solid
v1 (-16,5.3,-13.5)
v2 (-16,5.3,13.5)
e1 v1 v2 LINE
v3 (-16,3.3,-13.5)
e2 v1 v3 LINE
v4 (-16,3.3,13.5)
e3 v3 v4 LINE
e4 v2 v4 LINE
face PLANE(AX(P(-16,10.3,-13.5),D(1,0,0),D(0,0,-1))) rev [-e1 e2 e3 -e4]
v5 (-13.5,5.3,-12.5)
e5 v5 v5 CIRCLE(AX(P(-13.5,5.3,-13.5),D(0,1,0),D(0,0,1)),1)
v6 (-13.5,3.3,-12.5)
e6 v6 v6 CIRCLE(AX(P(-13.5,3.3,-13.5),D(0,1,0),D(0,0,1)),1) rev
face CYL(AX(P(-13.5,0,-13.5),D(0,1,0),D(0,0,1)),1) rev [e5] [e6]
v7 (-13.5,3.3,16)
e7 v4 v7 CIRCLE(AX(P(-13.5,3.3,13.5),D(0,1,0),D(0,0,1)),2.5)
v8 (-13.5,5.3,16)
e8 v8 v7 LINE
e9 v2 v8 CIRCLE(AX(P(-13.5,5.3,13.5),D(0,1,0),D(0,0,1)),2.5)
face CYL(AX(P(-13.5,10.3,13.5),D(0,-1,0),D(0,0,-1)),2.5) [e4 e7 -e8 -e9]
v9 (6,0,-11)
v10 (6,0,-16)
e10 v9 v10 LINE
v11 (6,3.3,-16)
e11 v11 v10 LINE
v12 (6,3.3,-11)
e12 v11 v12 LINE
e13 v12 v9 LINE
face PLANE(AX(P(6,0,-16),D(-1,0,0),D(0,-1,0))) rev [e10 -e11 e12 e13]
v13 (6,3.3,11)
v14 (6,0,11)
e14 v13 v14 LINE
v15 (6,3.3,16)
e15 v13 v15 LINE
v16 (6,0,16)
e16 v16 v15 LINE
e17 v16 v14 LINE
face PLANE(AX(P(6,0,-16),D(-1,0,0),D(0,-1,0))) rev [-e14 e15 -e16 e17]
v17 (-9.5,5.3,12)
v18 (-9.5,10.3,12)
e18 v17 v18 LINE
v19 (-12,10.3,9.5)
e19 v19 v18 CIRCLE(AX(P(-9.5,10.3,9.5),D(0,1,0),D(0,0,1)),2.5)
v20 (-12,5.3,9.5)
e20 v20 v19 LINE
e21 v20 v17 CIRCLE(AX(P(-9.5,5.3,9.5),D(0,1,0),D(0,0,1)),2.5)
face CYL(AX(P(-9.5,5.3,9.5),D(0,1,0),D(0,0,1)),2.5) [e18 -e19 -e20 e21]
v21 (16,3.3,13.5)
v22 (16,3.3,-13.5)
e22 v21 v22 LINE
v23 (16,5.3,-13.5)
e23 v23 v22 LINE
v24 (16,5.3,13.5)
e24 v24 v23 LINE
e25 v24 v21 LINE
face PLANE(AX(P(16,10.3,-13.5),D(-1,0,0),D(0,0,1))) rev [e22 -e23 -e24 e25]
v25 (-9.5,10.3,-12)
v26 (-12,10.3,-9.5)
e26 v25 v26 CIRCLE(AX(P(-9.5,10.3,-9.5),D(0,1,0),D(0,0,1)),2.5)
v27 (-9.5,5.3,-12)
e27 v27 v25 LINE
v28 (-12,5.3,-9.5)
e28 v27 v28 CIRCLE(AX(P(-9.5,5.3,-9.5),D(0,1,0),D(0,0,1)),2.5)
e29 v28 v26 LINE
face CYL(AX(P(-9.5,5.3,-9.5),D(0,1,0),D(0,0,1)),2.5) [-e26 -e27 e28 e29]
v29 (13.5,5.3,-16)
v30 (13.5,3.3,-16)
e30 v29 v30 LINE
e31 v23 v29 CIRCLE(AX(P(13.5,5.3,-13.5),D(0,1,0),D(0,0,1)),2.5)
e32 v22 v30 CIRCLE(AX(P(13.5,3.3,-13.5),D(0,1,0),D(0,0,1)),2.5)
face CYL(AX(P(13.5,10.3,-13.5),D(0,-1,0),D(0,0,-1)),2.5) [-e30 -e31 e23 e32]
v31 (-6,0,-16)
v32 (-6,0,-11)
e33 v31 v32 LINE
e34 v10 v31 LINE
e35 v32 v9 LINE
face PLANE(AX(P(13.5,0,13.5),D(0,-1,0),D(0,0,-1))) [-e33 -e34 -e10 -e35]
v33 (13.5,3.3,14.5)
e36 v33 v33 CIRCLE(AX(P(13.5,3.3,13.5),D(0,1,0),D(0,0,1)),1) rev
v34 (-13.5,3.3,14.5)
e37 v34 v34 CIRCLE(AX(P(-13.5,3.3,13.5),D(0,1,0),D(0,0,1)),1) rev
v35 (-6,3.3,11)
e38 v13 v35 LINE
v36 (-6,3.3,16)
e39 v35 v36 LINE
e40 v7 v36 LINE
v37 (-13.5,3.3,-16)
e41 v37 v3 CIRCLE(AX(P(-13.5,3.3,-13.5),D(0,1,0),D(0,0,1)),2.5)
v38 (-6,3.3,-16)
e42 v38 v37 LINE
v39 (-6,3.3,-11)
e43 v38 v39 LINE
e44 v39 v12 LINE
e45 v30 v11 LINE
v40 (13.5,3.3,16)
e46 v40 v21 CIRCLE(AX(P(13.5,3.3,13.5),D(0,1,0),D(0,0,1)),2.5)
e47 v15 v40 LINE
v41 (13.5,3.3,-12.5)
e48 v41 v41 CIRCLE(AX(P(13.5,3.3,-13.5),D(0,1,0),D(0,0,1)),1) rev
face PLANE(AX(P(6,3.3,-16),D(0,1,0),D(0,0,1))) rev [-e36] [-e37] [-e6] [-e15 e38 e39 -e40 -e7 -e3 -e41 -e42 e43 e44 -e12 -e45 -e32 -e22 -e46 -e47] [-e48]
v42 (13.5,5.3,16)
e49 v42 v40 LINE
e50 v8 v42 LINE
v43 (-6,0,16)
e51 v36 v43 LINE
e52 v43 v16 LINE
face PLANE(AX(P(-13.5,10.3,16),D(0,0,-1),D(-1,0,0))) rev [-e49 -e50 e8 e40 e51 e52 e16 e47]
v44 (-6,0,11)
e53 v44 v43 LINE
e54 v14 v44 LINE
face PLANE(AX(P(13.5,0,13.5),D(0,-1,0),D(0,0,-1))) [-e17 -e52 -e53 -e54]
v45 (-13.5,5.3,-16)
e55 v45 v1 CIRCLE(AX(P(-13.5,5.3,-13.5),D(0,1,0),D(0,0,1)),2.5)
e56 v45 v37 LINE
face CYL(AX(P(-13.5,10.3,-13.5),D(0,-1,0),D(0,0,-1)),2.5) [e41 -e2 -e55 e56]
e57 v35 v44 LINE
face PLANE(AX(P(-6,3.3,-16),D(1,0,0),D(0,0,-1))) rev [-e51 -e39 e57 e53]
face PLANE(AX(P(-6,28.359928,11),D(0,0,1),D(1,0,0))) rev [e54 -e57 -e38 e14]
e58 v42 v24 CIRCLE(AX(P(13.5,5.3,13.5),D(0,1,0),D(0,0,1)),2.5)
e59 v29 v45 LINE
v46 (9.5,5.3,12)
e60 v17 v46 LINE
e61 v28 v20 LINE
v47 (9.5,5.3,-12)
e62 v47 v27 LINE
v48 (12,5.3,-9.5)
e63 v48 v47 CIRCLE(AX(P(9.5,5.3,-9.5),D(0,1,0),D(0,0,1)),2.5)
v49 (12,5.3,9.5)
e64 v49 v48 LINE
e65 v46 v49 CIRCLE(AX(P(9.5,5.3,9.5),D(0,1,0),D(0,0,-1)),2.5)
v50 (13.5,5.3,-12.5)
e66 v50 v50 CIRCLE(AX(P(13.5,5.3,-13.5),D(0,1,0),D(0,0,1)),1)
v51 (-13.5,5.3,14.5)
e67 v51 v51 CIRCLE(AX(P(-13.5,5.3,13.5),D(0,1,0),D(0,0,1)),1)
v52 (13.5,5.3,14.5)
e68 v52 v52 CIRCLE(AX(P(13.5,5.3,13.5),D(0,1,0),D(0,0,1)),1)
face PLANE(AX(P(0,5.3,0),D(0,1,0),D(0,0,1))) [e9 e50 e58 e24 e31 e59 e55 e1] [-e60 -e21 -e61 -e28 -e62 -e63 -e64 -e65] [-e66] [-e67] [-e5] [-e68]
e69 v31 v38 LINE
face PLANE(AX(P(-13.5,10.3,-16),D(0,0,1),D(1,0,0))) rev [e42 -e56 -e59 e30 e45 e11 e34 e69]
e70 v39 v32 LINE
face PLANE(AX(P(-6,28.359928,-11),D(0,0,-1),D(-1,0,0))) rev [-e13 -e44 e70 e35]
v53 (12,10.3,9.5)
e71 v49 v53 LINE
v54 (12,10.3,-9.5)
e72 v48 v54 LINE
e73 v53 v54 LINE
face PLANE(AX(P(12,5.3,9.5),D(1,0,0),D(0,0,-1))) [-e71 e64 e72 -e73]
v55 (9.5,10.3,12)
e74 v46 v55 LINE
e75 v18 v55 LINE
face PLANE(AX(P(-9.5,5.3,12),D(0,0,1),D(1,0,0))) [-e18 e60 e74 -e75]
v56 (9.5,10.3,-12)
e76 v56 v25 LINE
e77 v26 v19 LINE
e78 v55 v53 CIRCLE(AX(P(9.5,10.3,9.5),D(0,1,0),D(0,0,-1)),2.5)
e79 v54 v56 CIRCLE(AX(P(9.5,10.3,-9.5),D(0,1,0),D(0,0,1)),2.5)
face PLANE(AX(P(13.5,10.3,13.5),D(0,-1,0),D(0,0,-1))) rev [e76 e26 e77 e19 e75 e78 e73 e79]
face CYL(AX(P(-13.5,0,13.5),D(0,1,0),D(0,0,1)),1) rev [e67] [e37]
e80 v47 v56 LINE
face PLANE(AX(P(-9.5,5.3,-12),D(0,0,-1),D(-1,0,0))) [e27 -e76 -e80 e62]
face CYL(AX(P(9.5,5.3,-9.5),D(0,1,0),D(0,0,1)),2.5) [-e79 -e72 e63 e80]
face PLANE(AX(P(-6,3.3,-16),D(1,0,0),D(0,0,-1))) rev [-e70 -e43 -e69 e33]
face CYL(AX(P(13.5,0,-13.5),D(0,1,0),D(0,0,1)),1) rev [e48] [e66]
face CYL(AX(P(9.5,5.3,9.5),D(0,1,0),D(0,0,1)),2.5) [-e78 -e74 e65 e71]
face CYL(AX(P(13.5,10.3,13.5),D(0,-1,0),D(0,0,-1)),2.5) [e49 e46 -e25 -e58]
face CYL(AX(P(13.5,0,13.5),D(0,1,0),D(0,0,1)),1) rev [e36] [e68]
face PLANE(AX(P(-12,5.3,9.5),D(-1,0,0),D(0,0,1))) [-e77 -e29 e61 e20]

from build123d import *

# Parameters (mm, degrees)
BOSS_EXTRUDE1_DEPTH     = 10.3
SKETCH2_OUTSIDE_W       = 43.282
SKETCH2_OUTSIDE_H       = 43.282
CUT_EXTRUDE1_DEPTH      = 5
CUT_EXTRUDE2_DEPTH      = 24.239836488
CUT_EXTRUDE2_DEPTH_BACK = 24.239836488
SKETCH4_R               = 1
CUT_EXTRUDE3_DEPTH      = 38.230229653
CUT_EXTRUDE3_DEPTH_BACK = 38.230229653
SKETCH6_W               = 12
SKETCH6_H               = 22
CUT_EXTRUDE4_DEPTH      = 3.3


with BuildPart() as part:
    # Sketch1 → Boss-Extrude1 (new body)
    with BuildSketch(Plane(origin=(0, 0, 0), x_dir=(1, 0, 0), z_dir=(0, 1, 0))):
        with BuildLine():
            Line((-13.5, 16), (13.5, 16))
            ThreePointArc((13.5, 16), (15.267766953, 15.267766953), (16, 13.5))
            Line((16, 13.5), (16, -13.5))
            ThreePointArc((16, -13.5), (15.267766953, -15.267766953), (13.5, -16))
            Line((13.5, -16), (-13.5, -16))
            ThreePointArc((-13.5, -16), (-15.267766953, -15.267766953), (-16, -13.5))
            Line((-16, -13.5), (-16, 13.5))
            ThreePointArc((-16, 13.5), (-15.267766953, 15.267766953), (-13.5, 16))
        make_face()
    extrude(amount=BOSS_EXTRUDE1_DEPTH)

    # Sketch2 outside → Cut-Extrude1 (cut)
    with BuildSketch(Plane(origin=(0, 10.3, 0), x_dir=(1, 0, 0), z_dir=(0, 1, 0))):
        Rectangle(SKETCH2_OUTSIDE_W, SKETCH2_OUTSIDE_H)
        with BuildLine():
            Line((-9.5, -12), (9.5, -12))
            ThreePointArc((9.5, -12), (11.267766953, -11.267766953), (12, -9.5))
            Line((12, -9.5), (12, 9.5))
            ThreePointArc((12, 9.5), (11.267766953, 11.267766953), (9.5, 12))
            Line((9.5, 12), (-9.5, 12))
            ThreePointArc((-9.5, 12), (-11.267766953, 11.267766953), (-12, 9.5))
            Line((-12, 9.5), (-12, -9.5))
            ThreePointArc((-12, -9.5), (-11.267766953, -11.267766953), (-9.5, -12))
        make_face(mode=Mode.SUBTRACT)
    extrude(amount=-CUT_EXTRUDE1_DEPTH, mode=Mode.SUBTRACT)

    # Sketch4 → Cut-Extrude2 (cut, two sides: drawn at the far end of the back side and taken through both)
    with BuildSketch(Plane(origin=(0, 5.3, 0), x_dir=(1, 0, 0), z_dir=(0, 1, 0)).offset(-CUT_EXTRUDE2_DEPTH_BACK)):
        with Locations(Location((-13.5, 13.5, 0), (0, 0, 270))):
            Circle(SKETCH4_R)
        with Locations(Location((13.5, -13.5, 0), (0, 0, 270))):
            Circle(SKETCH4_R)
        with Locations(Location((-13.5, -13.5, 0), (0, 0, 270))):
            Circle(SKETCH4_R)
        with Locations(Location((13.5, 13.5, 0), (0, 0, 270))):
            Circle(SKETCH4_R)
    extrude(amount=CUT_EXTRUDE2_DEPTH + CUT_EXTRUDE2_DEPTH_BACK, mode=Mode.SUBTRACT)

    # Sketch5 → Cut-Extrude3 (cut, two sides: drawn at the far end of the back side and taken through both)
    with BuildSketch(Plane.XY.offset(16).offset(-CUT_EXTRUDE3_DEPTH_BACK)):
        Polygon((-17.244345891, 3.3), (-17.244345891, -0.614628683), (-6, -0.614628683), (-6, 0), (-6, 0.3), (-6, 3.3), align=None)
        Polygon((6, 3.3), (6, 0.3), (6, 0), (6, -0.614628683), (18.655939846, -0.614628683), (18.655939846, 3.3), align=None)
    extrude(amount=CUT_EXTRUDE3_DEPTH + CUT_EXTRUDE3_DEPTH_BACK, mode=Mode.SUBTRACT)

    # Sketch6 → Cut-Extrude4 (cut)
    with BuildSketch(Plane.XZ):
        Rectangle(SKETCH6_W, SKETCH6_H)
    extrude(amount=-CUT_EXTRUDE4_DEPTH, mode=Mode.SUBTRACT)


solid = part.part
